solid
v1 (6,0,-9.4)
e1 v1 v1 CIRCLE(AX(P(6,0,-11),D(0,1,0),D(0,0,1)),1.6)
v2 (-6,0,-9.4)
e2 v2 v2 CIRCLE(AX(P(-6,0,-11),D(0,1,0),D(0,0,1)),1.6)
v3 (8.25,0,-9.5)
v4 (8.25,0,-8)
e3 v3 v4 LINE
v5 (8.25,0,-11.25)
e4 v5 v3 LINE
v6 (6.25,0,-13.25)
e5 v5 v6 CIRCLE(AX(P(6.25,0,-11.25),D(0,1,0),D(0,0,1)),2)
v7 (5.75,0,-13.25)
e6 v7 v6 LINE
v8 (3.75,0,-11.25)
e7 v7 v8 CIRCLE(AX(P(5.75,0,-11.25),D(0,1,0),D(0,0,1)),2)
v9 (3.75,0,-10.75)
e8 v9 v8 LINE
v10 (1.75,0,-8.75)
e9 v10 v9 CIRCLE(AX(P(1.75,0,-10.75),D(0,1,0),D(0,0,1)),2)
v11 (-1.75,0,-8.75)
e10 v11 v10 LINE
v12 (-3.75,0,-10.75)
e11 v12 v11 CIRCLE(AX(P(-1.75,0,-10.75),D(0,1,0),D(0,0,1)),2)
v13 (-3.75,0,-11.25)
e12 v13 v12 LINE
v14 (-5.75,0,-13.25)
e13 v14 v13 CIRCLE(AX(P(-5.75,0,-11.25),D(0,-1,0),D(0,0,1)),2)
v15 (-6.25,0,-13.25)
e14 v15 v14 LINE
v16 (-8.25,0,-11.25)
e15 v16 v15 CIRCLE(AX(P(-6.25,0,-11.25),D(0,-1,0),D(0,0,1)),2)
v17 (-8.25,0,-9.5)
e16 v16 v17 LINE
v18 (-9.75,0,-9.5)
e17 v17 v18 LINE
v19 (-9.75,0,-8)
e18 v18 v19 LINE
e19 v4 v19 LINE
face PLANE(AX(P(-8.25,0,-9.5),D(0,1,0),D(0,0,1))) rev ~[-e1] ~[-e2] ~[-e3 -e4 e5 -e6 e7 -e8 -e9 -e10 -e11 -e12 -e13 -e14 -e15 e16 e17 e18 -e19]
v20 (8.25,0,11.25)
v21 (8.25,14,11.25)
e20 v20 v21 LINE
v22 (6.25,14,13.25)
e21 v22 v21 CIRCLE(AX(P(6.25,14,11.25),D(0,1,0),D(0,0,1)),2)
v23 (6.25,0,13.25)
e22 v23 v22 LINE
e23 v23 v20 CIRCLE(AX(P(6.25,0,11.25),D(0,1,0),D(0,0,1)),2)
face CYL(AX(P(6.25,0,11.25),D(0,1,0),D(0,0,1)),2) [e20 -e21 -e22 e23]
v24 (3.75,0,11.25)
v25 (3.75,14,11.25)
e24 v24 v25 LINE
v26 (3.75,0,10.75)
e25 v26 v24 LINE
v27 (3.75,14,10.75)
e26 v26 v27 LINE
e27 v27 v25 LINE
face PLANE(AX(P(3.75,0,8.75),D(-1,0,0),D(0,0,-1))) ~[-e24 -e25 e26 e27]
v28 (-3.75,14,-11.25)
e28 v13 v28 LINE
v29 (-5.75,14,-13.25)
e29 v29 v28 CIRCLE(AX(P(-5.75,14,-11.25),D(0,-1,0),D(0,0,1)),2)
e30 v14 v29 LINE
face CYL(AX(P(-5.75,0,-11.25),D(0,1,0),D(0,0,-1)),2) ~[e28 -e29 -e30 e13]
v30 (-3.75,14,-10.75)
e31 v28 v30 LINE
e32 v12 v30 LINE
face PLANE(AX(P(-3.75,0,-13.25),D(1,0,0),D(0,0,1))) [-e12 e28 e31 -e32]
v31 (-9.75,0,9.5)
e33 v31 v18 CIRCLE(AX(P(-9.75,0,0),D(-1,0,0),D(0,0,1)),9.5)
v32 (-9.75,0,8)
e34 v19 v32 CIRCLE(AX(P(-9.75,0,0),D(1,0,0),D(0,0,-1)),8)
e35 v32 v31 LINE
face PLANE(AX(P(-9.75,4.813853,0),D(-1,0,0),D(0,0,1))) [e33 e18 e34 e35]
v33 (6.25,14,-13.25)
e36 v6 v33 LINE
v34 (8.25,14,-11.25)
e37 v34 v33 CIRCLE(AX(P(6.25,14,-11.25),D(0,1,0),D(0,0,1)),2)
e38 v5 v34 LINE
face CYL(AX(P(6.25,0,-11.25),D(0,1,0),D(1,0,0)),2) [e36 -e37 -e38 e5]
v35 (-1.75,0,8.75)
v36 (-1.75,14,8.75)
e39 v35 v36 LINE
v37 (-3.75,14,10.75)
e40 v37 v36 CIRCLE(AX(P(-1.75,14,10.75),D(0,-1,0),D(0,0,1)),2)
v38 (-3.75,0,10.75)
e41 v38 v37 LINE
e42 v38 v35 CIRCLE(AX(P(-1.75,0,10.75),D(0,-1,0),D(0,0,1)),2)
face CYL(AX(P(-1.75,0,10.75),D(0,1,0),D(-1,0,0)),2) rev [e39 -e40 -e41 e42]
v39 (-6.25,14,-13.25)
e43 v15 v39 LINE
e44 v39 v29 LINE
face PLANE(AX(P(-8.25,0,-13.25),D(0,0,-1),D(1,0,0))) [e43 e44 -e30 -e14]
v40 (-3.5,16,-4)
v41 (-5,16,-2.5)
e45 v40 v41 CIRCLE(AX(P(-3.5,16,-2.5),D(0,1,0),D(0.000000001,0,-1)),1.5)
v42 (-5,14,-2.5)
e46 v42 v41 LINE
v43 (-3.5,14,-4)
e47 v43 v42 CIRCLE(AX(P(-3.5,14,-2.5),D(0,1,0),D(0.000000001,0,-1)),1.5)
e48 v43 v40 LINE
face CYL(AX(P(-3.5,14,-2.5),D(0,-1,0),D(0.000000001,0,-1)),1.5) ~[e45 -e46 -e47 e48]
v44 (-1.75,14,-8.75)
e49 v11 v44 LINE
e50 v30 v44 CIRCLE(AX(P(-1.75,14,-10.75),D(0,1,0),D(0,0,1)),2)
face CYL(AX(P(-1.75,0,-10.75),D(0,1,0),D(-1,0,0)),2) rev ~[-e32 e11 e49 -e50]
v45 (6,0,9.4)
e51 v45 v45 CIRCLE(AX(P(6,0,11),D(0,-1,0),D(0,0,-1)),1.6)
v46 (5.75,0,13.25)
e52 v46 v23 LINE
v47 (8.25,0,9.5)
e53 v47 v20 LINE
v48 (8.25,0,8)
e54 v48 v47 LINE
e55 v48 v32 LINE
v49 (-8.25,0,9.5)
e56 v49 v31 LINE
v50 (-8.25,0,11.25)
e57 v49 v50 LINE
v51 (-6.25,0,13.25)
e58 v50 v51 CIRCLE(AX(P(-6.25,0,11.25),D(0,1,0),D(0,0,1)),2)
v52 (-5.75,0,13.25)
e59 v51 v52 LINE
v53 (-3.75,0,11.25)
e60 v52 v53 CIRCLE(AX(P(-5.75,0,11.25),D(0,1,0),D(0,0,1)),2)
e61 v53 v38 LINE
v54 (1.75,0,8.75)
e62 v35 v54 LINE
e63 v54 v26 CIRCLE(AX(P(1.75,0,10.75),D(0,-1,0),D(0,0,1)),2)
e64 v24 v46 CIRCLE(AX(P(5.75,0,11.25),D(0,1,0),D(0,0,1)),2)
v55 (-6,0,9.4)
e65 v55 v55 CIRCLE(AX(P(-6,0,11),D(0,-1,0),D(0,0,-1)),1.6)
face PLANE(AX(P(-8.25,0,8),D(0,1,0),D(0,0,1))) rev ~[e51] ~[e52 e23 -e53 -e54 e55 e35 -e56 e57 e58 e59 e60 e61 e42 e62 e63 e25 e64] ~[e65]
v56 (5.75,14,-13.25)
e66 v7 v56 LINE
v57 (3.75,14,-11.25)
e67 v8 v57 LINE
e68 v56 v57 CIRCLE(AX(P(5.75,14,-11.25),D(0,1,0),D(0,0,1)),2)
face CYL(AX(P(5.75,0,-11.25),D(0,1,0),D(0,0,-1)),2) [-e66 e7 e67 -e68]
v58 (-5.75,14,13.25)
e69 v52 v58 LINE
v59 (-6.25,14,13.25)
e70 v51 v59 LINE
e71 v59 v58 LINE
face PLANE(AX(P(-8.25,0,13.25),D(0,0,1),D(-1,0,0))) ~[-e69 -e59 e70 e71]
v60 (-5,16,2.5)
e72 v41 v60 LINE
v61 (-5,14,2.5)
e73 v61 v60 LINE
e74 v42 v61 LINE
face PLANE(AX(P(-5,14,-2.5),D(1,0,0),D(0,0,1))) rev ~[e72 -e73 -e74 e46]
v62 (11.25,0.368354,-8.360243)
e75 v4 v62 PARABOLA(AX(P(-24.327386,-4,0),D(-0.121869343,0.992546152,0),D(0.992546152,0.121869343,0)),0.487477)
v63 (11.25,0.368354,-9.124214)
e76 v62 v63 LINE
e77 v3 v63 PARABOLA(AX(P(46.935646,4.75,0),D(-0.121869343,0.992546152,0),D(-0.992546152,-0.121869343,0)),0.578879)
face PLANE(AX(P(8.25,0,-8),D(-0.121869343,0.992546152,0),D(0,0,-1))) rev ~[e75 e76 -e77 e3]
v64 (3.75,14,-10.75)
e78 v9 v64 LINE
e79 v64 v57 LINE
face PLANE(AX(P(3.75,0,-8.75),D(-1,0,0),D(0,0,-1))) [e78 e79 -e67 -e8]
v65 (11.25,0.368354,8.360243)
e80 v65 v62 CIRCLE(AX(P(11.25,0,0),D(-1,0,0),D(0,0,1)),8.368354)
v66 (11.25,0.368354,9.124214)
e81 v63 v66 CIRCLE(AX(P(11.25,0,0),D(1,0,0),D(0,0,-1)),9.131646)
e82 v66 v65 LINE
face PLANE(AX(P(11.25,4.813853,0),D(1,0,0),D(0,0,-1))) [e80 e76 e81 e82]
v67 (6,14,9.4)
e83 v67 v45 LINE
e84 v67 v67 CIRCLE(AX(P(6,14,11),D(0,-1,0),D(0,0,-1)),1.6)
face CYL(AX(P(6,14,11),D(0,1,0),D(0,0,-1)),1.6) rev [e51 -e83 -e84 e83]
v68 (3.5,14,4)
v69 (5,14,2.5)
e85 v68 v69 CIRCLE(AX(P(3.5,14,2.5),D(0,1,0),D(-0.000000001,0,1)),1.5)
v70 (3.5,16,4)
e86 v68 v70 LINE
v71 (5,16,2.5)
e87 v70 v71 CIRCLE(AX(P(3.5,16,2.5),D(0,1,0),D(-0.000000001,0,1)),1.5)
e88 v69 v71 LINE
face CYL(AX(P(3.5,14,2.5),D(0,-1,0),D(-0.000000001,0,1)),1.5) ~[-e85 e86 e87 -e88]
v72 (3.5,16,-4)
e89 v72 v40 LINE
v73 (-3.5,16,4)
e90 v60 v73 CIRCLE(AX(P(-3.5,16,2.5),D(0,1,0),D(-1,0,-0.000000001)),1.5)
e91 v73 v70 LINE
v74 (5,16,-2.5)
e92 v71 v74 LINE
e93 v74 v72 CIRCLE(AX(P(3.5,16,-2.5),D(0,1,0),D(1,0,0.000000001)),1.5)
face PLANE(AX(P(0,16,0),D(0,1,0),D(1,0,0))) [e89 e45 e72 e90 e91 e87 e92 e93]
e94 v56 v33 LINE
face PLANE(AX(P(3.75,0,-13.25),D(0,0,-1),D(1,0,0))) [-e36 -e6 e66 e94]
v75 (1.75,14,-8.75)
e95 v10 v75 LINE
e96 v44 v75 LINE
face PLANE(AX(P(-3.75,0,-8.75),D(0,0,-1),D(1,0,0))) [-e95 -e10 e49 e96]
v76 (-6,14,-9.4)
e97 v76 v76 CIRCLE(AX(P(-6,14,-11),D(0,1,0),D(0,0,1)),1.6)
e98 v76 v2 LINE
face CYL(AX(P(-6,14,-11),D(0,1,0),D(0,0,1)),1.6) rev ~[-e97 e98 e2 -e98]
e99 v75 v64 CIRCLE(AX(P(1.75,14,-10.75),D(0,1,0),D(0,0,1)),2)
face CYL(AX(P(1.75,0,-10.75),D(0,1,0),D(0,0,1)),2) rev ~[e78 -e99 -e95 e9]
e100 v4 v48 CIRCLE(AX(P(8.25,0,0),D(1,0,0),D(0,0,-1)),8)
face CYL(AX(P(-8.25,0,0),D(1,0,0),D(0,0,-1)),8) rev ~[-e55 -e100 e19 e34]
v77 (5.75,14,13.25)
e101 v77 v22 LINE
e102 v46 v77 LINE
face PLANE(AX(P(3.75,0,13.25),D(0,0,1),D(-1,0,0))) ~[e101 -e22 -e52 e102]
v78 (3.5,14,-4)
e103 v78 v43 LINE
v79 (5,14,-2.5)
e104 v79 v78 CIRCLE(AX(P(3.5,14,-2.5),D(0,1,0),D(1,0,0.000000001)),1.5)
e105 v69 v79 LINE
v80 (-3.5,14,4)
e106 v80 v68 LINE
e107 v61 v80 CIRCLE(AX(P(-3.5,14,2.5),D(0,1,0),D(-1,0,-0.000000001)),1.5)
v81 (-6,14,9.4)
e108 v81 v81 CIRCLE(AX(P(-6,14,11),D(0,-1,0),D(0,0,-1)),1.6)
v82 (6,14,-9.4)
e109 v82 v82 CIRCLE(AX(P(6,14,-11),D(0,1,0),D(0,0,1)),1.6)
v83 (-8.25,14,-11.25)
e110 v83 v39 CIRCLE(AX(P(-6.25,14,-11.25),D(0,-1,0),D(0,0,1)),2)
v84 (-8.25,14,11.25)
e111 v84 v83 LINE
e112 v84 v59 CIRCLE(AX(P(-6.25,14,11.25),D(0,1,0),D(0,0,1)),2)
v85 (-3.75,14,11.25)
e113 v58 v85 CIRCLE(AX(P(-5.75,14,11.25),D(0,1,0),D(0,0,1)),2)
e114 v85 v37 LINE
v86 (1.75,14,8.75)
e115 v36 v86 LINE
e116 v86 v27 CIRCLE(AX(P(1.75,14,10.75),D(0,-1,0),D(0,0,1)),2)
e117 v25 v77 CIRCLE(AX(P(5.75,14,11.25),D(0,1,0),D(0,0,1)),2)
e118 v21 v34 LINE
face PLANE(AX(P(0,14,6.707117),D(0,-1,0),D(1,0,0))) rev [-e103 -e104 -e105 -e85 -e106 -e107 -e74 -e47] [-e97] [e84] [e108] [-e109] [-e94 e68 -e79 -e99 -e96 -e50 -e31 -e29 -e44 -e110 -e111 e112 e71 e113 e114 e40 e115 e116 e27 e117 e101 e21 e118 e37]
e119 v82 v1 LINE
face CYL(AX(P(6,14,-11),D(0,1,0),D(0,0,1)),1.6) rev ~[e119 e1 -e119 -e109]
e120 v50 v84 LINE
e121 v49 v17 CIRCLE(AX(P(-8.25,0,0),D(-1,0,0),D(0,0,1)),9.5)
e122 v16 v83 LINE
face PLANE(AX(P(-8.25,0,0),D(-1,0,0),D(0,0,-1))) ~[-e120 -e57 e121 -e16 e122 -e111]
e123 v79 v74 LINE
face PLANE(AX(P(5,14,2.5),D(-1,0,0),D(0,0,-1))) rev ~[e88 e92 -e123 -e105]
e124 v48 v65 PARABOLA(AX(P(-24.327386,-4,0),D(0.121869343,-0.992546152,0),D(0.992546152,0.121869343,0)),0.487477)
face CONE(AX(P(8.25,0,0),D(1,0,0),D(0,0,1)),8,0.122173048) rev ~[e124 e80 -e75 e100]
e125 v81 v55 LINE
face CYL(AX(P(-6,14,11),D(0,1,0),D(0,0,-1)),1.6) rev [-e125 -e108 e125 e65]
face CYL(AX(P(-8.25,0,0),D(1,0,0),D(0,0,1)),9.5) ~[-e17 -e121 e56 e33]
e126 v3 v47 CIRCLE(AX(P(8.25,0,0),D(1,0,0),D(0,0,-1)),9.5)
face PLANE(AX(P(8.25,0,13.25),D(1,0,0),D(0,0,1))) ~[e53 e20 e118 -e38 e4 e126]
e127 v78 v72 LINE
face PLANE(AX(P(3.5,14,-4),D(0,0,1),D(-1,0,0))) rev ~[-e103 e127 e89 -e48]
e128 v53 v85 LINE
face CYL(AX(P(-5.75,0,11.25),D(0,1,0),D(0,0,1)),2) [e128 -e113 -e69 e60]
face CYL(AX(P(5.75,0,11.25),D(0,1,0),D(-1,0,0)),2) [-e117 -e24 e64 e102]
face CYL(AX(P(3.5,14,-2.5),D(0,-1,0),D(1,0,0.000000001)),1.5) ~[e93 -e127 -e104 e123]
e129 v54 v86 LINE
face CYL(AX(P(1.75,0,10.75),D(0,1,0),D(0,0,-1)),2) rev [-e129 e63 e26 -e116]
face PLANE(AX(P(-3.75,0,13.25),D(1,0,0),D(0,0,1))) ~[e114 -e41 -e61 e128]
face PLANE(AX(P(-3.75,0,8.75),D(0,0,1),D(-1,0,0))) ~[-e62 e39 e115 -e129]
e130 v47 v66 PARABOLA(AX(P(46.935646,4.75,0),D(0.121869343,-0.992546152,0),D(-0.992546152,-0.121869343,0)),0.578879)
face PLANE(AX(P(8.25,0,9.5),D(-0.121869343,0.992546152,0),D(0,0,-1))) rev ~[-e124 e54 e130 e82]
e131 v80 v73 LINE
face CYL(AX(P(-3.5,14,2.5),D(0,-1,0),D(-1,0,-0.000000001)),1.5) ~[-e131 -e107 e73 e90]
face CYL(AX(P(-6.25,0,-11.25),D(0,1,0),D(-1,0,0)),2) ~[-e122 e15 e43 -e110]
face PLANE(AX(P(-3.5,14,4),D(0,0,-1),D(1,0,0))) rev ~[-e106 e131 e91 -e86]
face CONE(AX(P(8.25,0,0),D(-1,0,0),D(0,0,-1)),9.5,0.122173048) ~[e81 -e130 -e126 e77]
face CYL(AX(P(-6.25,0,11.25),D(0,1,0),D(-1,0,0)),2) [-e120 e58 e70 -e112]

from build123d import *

# Parameters (mm, degrees)
BOSS_EXTRUDE1_DEPTH  = 14
CUT_EXTRUDE1_REACH   = 22.967
SKETCH2_R            = 1.6
FILLET2_R            = 2
FILLET2_OF_MIRROR1_R = 2
BOSS_EXTRUDE2_DEPTH  = 2
CUT_EXTRUDE2_REACH   = 28.529
BOSS_EXTRUDE3_DEPTH  = 3
BOSS_EXTRUDE3_DRAFT  = 7
BOSS_EXTRUDE4_DEPTH  = 1.5


with BuildPart() as part:
    # Sketch1 → Boss-Extrude1 (new body)
    with BuildSketch(Plane(origin=(0, 0, 0), x_dir=(1, 0, 0), z_dir=(0, 1, 0))):
        Polygon((-8.25, 0), (-8.25, 13.25), (-3.75, 13.25), (-3.75, 8.75), (3.75, 8.75), (3.75, 13.25), (8.25, 13.25), (8.25, 0), align=None)
    boss_extrude1 = extrude(amount=BOSS_EXTRUDE1_DEPTH)

    # Sketch2 → Cut-Extrude1 (cut, up to next)
    with BuildSketch(Plane(origin=(0, 14, 0), x_dir=(1, 0, 0), z_dir=(0, 1, 0)), mode=Mode.PRIVATE) as cut_extrude1_sk1:
        with Locations(Location((-6, 11, 0), (0, 0, 270))):
            Circle(SKETCH2_R)
    cut_extrude1_tool1 = extrude(cut_extrude1_sk1.sketch, amount=-CUT_EXTRUDE1_REACH, mode=Mode.PRIVATE) & part.part
    # Sketch2 → Cut-Extrude1 (cut, up to next)
    with BuildSketch(Plane(origin=(0, 14, 0), x_dir=(1, 0, 0), z_dir=(0, 1, 0)), mode=Mode.PRIVATE) as cut_extrude1_sk2:
        with Locations(Location((6, 11, 0), (0, 0, 270))):
            Circle(SKETCH2_R)
    cut_extrude1_tool2 = extrude(cut_extrude1_sk2.sketch, amount=-CUT_EXTRUDE1_REACH, mode=Mode.PRIVATE) & part.part
    cut_extrude1_1 = cut_extrude1_tool1.solids().sort_by_distance((-6, 14, -11))[0]
    add(cut_extrude1_1, mode=Mode.SUBTRACT)
    cut_extrude1_2 = cut_extrude1_tool2.solids().sort_by_distance((6, 14, -11))[0]
    add(cut_extrude1_2, mode=Mode.SUBTRACT)
    cut_extrude1 = cut_extrude1_1 + cut_extrude1_2  # Cut-Extrude1 as one shape, for the pattern or mirror that repeats it

    # Fillet2
    fillet2_edges = [part.edges().sort_by_distance(p)[0] for p in [
        (-8.25, 7, -13.25),
        (-3.75, 7, -13.25),
        (-3.75, 7, -8.75),
        (3.75, 7, -8.75),
        (3.75, 7, -13.25),
        (8.25, 7, -13.25),
    ]]
    fillet(fillet2_edges, radius=FILLET2_R)

    # Mirror1: Boss-Extrude1, Cut-Extrude1 across plane
    add(boss_extrude1.mirror(Plane.XY))
    add(cut_extrude1.mirror(Plane.XY), mode=Mode.SUBTRACT)

    # Fillet2 of Mirror1
    fillet2_of_mirror1_edges = [part.edges().sort_by_distance(p)[0] for p in [
        (-8.25, 7, 13.25),
        (-3.75, 7, 13.25),
        (-3.75, 7, 8.75),
        (3.75, 7, 8.75),
        (3.75, 7, 13.25),
        (8.25, 7, 13.25),
    ]]
    fillet(fillet2_of_mirror1_edges, radius=FILLET2_OF_MIRROR1_R)

    # Sketch3 → Boss-Extrude2 (add)
    with BuildSketch(Plane(origin=(0, 14, 0), x_dir=(1, 0, 0), z_dir=(0, 1, 0))):
        with BuildLine():
            Line((-3.5, -4), (3.5, -4))
            ThreePointArc((3.5, -4), (4.560660172, -3.560660172), (5, -2.5))
            Line((5, -2.5), (5, 2.5))
            ThreePointArc((5, 2.5), (4.560660172, 3.560660172), (3.5, 4))
            Line((3.5, 4), (-3.5, 4))
            ThreePointArc((-3.5, 4), (-4.560660172, 3.560660172), (-5, 2.5))
            Line((-5, 2.5), (-5, -2.5))
            ThreePointArc((-5, -2.5), (-4.560660172, -3.560660172), (-3.5, -4))
        make_face()
    extrude(amount=BOSS_EXTRUDE2_DEPTH)

    # Sketch4 → Cut-Extrude2 (cut, up to next)
    with BuildSketch(Plane(origin=(8.25, 0, 0), x_dir=(0, 0, -1), z_dir=(1, 0, 0)), mode=Mode.PRIVATE) as cut_extrude2_sk1:
        with BuildLine():
            Line((-8, 0), (8, 0))
            ThreePointArc((8, 0), (0, 8), (-8, 0))
        make_face()
    cut_extrude2_tool1 = extrude(cut_extrude2_sk1.sketch, amount=-CUT_EXTRUDE2_REACH, mode=Mode.PRIVATE) & part.part
    add(cut_extrude2_tool1.solids().sort_by_distance((8.25, 3.395305, 0))[0], mode=Mode.SUBTRACT)


with BuildPart() as boss_extrude3_tool:
    # Sketch5 → Boss-Extrude3 (with draft: the straight prism first)
    with BuildSketch(Plane(origin=(8.25, 0, 0), x_dir=(0, 0, -1), z_dir=(1, 0, 0))):
        with BuildLine():
            Line((-9.5, 0), (-8, 0))
            ThreePointArc((-8, 0), (0, 8), (8, 0))
            Line((8, 0), (9.5, 0))
            ThreePointArc((9.5, 0), (0, 9.5), (-9.5, 0))
        make_face()
    extrude(amount=BOSS_EXTRUDE3_DEPTH)
    # Boss-Extrude3: the draft: its side faces are tilted about the plane it starts from
    boss_extrude3_sides = [boss_extrude3_tool.faces().sort_by_distance(p)[0] for p in [
        (9.75, 0, 8.75),
        (9.75, 8, 0),
        (9.75, 0, -8.75),
        (9.75, 9.5, 0),
    ]]
    draft(boss_extrude3_sides, Plane(origin=(8.25, 0, 0), x_dir=(0, 0, -1), z_dir=(1, 0, 0)), BOSS_EXTRUDE3_DRAFT)


with BuildPart() as part_1:
    add(part.part)

    # Boss-Extrude3: add boss_extrude3_tool
    add(boss_extrude3_tool.part)

    # Sketch6 → Boss-Extrude4 (add)
    with BuildSketch(Plane.ZY.offset(8.25)):
        with BuildLine():
            Line((-9.5, 0), (-8, 0))
            ThreePointArc((-8, 0), (0, 8), (8, 0))
            Line((8, 0), (9.5, 0))
            ThreePointArc((9.5, 0), (0, 9.5), (-9.5, 0))
        make_face()
    extrude(amount=BOSS_EXTRUDE4_DEPTH)


solid = part_1.part
